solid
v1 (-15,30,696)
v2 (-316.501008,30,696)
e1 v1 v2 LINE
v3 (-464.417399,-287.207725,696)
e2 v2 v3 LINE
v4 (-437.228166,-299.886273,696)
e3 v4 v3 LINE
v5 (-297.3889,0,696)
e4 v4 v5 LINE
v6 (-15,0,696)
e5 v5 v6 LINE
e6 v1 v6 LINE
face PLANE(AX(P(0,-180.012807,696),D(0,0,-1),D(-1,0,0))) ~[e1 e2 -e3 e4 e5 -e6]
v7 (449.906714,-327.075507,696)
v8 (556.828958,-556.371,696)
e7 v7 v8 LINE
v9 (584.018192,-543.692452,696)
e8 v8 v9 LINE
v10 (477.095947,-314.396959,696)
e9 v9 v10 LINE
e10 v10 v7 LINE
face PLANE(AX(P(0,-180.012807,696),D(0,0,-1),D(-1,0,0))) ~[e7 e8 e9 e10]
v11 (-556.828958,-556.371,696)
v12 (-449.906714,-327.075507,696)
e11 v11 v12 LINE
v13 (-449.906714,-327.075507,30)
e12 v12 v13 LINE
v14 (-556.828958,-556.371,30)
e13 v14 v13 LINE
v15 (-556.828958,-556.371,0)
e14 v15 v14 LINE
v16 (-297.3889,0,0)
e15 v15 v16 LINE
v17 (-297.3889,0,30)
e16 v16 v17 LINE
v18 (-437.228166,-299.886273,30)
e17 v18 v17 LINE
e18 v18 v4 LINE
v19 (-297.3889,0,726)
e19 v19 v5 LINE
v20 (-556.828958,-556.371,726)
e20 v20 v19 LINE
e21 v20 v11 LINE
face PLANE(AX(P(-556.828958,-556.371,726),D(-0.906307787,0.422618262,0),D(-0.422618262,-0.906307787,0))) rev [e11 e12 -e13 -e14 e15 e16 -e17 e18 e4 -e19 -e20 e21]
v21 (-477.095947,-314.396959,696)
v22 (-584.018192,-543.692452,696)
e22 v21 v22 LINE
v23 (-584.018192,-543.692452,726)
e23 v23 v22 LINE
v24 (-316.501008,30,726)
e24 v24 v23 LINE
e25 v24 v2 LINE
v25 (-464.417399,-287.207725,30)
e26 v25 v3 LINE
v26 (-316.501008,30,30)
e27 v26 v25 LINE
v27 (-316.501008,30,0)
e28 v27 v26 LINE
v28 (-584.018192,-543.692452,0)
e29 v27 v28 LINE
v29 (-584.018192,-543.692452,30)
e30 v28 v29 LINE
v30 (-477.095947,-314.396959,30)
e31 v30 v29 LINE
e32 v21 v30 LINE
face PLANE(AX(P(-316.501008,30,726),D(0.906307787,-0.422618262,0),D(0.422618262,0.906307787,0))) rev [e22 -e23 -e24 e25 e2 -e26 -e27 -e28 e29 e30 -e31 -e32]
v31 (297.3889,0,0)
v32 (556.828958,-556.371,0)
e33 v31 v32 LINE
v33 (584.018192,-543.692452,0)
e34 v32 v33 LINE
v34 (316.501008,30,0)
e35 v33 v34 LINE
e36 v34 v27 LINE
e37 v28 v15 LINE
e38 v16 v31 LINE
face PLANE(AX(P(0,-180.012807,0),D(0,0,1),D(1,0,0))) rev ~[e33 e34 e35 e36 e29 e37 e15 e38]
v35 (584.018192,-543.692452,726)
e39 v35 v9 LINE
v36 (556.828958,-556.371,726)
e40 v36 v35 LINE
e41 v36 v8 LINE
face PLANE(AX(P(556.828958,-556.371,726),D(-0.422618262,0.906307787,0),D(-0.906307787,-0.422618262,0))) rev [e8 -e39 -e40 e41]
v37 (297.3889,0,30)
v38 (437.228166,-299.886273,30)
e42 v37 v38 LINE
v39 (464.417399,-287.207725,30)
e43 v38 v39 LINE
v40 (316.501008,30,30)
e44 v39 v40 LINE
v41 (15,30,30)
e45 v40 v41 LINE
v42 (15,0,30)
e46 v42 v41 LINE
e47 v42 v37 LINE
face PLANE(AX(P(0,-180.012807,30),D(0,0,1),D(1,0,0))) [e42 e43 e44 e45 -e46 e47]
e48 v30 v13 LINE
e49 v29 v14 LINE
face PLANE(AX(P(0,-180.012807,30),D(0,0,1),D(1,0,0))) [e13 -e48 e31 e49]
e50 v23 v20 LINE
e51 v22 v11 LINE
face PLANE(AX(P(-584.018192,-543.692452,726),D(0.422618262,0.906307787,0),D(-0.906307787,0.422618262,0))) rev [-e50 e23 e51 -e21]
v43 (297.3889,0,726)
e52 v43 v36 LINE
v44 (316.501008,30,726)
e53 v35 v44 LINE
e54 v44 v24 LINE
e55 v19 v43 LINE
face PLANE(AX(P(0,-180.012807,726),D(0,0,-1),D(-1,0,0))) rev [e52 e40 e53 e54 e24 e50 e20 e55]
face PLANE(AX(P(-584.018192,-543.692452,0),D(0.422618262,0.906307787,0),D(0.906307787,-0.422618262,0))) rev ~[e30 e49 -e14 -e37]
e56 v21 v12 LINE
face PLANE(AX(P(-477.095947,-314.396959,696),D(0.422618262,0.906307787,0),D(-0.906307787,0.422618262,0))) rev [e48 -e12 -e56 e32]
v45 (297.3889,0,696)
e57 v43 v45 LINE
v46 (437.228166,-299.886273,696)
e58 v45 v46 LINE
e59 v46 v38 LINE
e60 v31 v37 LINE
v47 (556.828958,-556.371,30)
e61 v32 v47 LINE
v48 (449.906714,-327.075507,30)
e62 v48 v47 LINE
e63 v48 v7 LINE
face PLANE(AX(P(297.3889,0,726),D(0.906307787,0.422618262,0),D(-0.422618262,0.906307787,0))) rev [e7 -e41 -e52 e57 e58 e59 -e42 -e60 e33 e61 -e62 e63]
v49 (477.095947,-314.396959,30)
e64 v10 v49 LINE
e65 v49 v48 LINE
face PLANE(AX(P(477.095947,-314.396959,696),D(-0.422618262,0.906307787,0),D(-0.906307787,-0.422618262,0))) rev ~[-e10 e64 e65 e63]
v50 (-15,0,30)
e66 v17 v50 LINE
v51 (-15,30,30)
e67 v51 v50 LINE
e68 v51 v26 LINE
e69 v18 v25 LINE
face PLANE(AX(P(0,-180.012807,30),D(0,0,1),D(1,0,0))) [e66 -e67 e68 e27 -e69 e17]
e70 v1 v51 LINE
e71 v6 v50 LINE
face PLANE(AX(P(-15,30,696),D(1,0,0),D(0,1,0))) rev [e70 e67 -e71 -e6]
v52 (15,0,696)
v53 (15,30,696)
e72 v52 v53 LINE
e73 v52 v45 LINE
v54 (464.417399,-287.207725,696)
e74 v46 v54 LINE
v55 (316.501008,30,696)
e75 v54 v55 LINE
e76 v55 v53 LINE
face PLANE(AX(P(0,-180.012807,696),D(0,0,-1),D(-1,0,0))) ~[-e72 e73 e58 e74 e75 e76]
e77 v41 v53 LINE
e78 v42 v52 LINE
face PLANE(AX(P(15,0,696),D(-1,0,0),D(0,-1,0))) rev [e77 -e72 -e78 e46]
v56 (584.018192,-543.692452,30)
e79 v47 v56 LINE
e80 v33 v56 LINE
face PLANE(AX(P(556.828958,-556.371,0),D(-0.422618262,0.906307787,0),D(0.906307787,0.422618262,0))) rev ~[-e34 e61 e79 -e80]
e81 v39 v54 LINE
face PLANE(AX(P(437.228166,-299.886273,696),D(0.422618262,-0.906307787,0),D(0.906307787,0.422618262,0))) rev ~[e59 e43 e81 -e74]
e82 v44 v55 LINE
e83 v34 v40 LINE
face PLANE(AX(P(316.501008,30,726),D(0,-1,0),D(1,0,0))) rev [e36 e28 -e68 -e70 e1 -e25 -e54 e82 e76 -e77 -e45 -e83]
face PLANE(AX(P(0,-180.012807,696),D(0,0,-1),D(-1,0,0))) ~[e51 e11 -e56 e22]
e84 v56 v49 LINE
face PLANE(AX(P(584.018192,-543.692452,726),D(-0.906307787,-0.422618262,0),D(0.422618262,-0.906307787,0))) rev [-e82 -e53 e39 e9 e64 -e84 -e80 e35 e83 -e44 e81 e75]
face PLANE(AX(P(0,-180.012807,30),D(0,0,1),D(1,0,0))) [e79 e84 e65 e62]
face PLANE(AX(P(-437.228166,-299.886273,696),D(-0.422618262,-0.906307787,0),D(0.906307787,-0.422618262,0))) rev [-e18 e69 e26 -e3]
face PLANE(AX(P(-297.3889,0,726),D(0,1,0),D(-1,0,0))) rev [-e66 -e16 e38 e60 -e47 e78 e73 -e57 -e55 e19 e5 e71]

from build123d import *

# Parameters (mm, degrees)
F1_DEPTH = 30
F3_DEPTH = 333
F5_DEPTH = 333


with BuildPart() as f1:
    # F0 (on Top) → F1 (new body)
    with BuildSketch(Plane.XY):
        Polygon((-297.3889, 0), (0, 0), (297.3889, 0), (556.8289580754, -556.371), (584.0181916865, -543.6924521478), (316.5010078242, 30), (0, 30), (-316.5010078242, 30), (-584.0181916865, -543.6924521478), (-556.8289580754, -556.371), align=None)
    extrude(amount=F1_DEPTH)

    # F2 (on face) → F3 (join)
    with BuildSketch(Plane.XY.offset(30)):
        Polygon((-15, 0), (0, 0), (15, 0), (15, 30), (-15, 30), align=None)
    extrude(amount=F3_DEPTH)

    # F4 (on face) → F5 (join)
    with BuildSketch(Plane.XY.offset(30)):
        Polygon((-437.2281658224, -299.886273315), (-464.4173994335, -287.2077254628), (-477.0959472857, -314.3969590739), (-449.9067136746, -327.0755069261), align=None)
    extrude(amount=F5_DEPTH)

    # F6: F1 across plane


with BuildPart() as f1_1:
    add(f1.part)
    add(f1.part.mirror(Plane.YZ))

    # F7: F1 across face


with BuildPart() as f1_2:
    add(f1_1.part)
    add(f1_1.part.mirror(Plane(origin=(0, 15, 363), x_dir=(1, 0, 0), z_dir=(0, 0, 1))))


solid = f1_2.part
